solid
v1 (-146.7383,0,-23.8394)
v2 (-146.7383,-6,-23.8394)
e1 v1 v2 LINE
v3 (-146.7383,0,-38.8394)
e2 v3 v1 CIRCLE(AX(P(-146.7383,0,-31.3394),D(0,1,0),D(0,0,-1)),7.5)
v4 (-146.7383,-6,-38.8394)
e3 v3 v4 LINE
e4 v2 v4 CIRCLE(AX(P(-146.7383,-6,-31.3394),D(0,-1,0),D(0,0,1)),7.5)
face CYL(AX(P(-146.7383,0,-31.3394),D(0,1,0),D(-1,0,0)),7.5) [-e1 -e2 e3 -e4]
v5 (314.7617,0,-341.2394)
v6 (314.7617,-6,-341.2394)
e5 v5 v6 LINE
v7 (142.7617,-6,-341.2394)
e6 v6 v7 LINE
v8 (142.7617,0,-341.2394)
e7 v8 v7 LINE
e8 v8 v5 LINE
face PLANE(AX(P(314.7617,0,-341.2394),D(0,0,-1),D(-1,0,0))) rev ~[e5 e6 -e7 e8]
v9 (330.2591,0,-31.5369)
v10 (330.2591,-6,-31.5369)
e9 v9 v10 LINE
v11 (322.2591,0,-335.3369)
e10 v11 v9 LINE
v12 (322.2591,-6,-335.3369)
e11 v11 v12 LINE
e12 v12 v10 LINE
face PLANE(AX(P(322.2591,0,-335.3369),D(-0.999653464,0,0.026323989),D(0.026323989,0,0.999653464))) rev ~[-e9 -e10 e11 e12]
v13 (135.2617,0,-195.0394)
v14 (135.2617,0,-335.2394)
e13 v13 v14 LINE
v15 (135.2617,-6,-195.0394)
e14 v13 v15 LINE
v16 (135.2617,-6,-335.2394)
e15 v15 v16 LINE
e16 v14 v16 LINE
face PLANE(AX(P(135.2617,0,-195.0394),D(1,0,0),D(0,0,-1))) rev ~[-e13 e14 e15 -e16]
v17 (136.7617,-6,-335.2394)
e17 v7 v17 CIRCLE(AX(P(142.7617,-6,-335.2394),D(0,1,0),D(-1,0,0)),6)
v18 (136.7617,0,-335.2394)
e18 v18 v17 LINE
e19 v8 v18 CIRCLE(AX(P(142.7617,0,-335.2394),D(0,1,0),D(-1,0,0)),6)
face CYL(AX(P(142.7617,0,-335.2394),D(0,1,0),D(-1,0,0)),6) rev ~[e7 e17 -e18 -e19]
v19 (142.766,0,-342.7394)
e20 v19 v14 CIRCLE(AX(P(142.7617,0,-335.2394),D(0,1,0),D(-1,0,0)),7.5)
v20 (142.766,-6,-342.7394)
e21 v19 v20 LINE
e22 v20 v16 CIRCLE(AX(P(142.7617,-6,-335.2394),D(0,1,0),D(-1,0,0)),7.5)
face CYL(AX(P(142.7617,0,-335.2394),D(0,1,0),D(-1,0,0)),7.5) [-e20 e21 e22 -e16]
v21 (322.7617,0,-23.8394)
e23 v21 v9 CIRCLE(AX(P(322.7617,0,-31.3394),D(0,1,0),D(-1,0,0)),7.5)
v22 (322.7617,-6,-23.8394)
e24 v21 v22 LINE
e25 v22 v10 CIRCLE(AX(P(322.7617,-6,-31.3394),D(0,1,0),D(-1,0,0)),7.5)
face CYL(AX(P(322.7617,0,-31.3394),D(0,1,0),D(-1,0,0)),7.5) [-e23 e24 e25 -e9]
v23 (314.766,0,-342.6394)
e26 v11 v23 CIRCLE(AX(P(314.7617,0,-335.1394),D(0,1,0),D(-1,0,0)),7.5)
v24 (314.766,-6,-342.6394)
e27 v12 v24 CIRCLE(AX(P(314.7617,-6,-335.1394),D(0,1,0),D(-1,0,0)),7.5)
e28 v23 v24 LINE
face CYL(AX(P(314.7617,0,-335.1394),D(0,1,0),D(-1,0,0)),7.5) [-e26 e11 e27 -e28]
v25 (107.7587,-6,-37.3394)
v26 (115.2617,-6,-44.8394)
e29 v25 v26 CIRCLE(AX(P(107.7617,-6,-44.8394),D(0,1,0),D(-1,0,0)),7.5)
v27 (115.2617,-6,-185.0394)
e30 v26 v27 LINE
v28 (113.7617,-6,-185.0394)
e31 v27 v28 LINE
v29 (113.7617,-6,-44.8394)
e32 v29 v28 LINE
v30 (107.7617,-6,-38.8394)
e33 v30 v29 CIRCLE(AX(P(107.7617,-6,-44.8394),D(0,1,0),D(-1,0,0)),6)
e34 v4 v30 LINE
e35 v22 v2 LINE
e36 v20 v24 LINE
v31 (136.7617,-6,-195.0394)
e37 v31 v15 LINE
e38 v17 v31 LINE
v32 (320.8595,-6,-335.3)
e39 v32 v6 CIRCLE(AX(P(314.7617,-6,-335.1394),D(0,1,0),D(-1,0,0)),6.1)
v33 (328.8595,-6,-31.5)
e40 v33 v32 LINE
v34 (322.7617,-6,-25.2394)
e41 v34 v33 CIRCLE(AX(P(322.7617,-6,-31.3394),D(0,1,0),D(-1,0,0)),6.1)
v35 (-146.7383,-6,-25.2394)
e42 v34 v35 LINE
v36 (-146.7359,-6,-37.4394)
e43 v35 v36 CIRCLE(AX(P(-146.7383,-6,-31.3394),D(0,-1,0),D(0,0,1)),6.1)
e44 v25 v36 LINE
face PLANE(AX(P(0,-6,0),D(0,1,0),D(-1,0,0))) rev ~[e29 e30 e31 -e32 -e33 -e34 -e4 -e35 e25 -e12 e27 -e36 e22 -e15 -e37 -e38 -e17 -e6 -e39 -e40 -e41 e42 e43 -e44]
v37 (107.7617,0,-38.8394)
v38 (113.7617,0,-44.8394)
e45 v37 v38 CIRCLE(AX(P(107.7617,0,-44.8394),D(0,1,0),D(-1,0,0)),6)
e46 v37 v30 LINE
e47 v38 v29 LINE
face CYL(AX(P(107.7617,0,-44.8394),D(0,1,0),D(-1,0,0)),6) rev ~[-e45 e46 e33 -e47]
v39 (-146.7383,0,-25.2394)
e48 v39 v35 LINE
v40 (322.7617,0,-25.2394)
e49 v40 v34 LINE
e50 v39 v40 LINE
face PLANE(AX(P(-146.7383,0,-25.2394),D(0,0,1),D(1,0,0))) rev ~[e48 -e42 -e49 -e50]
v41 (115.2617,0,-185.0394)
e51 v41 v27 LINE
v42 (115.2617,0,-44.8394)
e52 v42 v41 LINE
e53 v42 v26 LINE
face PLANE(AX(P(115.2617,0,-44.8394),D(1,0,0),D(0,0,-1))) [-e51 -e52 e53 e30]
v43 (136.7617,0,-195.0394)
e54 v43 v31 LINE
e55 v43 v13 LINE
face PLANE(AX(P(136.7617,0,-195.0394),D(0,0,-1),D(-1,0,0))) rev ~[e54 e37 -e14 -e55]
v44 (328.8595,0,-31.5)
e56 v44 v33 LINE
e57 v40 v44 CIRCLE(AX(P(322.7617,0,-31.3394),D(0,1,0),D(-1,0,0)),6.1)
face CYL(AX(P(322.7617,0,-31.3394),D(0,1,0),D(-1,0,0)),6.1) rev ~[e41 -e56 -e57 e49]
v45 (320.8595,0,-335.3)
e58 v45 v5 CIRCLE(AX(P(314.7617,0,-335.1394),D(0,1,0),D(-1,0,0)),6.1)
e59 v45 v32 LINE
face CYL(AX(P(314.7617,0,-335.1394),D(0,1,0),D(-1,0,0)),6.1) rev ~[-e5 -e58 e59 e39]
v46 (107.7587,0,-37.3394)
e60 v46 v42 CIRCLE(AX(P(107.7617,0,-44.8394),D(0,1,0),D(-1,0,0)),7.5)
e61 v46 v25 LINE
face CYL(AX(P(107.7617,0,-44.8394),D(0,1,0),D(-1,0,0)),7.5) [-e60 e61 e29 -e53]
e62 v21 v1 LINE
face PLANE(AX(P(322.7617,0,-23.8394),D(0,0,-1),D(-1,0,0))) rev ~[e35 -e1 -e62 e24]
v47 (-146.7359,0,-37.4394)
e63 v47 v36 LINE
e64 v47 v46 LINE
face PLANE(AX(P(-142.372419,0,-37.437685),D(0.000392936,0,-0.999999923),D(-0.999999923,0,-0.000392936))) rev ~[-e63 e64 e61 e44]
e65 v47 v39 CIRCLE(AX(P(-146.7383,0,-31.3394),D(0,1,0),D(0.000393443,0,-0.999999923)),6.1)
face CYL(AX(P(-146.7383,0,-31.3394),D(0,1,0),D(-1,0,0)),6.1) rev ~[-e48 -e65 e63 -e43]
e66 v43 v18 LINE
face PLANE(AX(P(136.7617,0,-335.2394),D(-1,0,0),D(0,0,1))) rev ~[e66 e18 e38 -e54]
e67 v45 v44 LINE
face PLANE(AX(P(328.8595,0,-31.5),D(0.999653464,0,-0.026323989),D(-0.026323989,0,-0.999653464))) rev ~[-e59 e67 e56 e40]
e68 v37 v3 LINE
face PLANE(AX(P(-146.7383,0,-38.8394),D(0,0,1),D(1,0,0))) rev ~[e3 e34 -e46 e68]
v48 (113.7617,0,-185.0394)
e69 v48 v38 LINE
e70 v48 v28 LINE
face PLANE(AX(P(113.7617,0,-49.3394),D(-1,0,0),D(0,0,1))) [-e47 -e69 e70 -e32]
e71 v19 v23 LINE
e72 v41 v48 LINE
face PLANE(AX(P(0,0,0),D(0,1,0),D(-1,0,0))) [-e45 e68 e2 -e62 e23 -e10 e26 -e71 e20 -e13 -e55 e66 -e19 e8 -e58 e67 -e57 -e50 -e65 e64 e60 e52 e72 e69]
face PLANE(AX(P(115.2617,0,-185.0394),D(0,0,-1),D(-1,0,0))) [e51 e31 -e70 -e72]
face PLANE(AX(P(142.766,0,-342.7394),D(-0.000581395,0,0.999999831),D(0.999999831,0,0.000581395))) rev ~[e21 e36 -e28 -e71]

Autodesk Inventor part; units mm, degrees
ref_plane "YZ Plane" through (0, 0, 0) normal (1, 0, 0) x (0, 1, 0)
ref_plane "XZ Plane" through (0, 0, 0) normal (0, 1, 0) x (-1, 0, 0)
ref_plane "XY Plane" through (0, 0, 0) normal (0, 0, 1) x (1, 0, 0)
sketch "Sketch1" plane through (0, 0, 0) normal (0, 1, 0) x (-1, 0, 0)
  circle A0 centre (146.7383, -31.3394) radius 6.1 projected
  circle A1 centre (146.7383, -31.3394) radius 7.5 projected
  circle A2 centre (-107.7617, -44.8394) radius 7.5 projected
  circle A3 centre (-107.7617, -44.8394) radius 6 projected
  circle A4 centre (-142.7617, -335.2394) radius 7.5 projected
  circle A5 centre (-142.7617, -335.2394) radius 6 projected
  circle A6 centre (-314.7617, -335.1394) radius 7.5 projected
  circle A7 centre (-314.7617, -335.1394) radius 6.1 projected
  circle A8 centre (-322.7617, -31.3394) radius 7.5 projected
  circle A9 centre (-322.7617, -31.3394) radius 6.1 projected
  line L0 (-322.7617, -23.8394) -> (146.7383, -23.8394)
  line L1 (146.7383, -38.8394) -> (-107.7617, -38.8394)
  line L2 (-107.7587, -37.3394) -> (146.7359, -37.4394)
  line L3 (146.7383, -25.2394) -> (-322.7617, -25.2394)
  line L4 (-328.8595, -31.5) -> (-320.8595, -335.3)
  line L5 (-322.2591, -335.3369) -> (-330.2591, -31.5369)
  line L6 (-314.7617, -341.2394) -> (-142.7617, -341.2394)
  line L7 (-142.766, -342.7394) -> (-314.766, -342.6394)
  line L8 (-115.2617, -44.8394) -> (-115.2617, -185.0394)
  line L9 (-115.2617, -185.0394) -> (-113.7617, -185.0394)
  line L10 (-113.7617, -185.0394) -> (-113.7617, -44.8394)
  line L11 (-136.7617, -335.2394) -> (-136.7617, -195.0394)
  line L12 (-136.7617, -195.0394) -> (-135.2617, -195.0394)
  line L13 (-135.2617, -195.0394) -> (-135.2617, -335.2394)
  arc A10 (-100.7617, -192.5394) -> (-100.7617, -187.5394) centre (-96.4315, -190.0394) ccw
  point P0 (0, 0)
  point P1 (-147.2617, -341.2394)
extrude "Extrusion1" add sketch "Sketch1" against normal blind 6 contours A0 L3 A1 L2 | L3 A8 L0 A1 | A1 L1 A2 L2 | L3 A9 L4 A8 | A2 L1 A3 L10 | A2 L10 L9 L8 | A8 L4 A6 L5 | A6 L4 A7 L6 | A6 L6 A4 L7 | A4 L6 A5 L11 | A4 L11 L12 L13 picked at (144.276, -37.6941) picked at (-329.0502, -33.966) picked at (-114.0352, -47.3793) picked at (-312.3021, -341.4951) picked at (-136.4882, -332.6995)
properties part number "Belt_1" material "Rubber"
